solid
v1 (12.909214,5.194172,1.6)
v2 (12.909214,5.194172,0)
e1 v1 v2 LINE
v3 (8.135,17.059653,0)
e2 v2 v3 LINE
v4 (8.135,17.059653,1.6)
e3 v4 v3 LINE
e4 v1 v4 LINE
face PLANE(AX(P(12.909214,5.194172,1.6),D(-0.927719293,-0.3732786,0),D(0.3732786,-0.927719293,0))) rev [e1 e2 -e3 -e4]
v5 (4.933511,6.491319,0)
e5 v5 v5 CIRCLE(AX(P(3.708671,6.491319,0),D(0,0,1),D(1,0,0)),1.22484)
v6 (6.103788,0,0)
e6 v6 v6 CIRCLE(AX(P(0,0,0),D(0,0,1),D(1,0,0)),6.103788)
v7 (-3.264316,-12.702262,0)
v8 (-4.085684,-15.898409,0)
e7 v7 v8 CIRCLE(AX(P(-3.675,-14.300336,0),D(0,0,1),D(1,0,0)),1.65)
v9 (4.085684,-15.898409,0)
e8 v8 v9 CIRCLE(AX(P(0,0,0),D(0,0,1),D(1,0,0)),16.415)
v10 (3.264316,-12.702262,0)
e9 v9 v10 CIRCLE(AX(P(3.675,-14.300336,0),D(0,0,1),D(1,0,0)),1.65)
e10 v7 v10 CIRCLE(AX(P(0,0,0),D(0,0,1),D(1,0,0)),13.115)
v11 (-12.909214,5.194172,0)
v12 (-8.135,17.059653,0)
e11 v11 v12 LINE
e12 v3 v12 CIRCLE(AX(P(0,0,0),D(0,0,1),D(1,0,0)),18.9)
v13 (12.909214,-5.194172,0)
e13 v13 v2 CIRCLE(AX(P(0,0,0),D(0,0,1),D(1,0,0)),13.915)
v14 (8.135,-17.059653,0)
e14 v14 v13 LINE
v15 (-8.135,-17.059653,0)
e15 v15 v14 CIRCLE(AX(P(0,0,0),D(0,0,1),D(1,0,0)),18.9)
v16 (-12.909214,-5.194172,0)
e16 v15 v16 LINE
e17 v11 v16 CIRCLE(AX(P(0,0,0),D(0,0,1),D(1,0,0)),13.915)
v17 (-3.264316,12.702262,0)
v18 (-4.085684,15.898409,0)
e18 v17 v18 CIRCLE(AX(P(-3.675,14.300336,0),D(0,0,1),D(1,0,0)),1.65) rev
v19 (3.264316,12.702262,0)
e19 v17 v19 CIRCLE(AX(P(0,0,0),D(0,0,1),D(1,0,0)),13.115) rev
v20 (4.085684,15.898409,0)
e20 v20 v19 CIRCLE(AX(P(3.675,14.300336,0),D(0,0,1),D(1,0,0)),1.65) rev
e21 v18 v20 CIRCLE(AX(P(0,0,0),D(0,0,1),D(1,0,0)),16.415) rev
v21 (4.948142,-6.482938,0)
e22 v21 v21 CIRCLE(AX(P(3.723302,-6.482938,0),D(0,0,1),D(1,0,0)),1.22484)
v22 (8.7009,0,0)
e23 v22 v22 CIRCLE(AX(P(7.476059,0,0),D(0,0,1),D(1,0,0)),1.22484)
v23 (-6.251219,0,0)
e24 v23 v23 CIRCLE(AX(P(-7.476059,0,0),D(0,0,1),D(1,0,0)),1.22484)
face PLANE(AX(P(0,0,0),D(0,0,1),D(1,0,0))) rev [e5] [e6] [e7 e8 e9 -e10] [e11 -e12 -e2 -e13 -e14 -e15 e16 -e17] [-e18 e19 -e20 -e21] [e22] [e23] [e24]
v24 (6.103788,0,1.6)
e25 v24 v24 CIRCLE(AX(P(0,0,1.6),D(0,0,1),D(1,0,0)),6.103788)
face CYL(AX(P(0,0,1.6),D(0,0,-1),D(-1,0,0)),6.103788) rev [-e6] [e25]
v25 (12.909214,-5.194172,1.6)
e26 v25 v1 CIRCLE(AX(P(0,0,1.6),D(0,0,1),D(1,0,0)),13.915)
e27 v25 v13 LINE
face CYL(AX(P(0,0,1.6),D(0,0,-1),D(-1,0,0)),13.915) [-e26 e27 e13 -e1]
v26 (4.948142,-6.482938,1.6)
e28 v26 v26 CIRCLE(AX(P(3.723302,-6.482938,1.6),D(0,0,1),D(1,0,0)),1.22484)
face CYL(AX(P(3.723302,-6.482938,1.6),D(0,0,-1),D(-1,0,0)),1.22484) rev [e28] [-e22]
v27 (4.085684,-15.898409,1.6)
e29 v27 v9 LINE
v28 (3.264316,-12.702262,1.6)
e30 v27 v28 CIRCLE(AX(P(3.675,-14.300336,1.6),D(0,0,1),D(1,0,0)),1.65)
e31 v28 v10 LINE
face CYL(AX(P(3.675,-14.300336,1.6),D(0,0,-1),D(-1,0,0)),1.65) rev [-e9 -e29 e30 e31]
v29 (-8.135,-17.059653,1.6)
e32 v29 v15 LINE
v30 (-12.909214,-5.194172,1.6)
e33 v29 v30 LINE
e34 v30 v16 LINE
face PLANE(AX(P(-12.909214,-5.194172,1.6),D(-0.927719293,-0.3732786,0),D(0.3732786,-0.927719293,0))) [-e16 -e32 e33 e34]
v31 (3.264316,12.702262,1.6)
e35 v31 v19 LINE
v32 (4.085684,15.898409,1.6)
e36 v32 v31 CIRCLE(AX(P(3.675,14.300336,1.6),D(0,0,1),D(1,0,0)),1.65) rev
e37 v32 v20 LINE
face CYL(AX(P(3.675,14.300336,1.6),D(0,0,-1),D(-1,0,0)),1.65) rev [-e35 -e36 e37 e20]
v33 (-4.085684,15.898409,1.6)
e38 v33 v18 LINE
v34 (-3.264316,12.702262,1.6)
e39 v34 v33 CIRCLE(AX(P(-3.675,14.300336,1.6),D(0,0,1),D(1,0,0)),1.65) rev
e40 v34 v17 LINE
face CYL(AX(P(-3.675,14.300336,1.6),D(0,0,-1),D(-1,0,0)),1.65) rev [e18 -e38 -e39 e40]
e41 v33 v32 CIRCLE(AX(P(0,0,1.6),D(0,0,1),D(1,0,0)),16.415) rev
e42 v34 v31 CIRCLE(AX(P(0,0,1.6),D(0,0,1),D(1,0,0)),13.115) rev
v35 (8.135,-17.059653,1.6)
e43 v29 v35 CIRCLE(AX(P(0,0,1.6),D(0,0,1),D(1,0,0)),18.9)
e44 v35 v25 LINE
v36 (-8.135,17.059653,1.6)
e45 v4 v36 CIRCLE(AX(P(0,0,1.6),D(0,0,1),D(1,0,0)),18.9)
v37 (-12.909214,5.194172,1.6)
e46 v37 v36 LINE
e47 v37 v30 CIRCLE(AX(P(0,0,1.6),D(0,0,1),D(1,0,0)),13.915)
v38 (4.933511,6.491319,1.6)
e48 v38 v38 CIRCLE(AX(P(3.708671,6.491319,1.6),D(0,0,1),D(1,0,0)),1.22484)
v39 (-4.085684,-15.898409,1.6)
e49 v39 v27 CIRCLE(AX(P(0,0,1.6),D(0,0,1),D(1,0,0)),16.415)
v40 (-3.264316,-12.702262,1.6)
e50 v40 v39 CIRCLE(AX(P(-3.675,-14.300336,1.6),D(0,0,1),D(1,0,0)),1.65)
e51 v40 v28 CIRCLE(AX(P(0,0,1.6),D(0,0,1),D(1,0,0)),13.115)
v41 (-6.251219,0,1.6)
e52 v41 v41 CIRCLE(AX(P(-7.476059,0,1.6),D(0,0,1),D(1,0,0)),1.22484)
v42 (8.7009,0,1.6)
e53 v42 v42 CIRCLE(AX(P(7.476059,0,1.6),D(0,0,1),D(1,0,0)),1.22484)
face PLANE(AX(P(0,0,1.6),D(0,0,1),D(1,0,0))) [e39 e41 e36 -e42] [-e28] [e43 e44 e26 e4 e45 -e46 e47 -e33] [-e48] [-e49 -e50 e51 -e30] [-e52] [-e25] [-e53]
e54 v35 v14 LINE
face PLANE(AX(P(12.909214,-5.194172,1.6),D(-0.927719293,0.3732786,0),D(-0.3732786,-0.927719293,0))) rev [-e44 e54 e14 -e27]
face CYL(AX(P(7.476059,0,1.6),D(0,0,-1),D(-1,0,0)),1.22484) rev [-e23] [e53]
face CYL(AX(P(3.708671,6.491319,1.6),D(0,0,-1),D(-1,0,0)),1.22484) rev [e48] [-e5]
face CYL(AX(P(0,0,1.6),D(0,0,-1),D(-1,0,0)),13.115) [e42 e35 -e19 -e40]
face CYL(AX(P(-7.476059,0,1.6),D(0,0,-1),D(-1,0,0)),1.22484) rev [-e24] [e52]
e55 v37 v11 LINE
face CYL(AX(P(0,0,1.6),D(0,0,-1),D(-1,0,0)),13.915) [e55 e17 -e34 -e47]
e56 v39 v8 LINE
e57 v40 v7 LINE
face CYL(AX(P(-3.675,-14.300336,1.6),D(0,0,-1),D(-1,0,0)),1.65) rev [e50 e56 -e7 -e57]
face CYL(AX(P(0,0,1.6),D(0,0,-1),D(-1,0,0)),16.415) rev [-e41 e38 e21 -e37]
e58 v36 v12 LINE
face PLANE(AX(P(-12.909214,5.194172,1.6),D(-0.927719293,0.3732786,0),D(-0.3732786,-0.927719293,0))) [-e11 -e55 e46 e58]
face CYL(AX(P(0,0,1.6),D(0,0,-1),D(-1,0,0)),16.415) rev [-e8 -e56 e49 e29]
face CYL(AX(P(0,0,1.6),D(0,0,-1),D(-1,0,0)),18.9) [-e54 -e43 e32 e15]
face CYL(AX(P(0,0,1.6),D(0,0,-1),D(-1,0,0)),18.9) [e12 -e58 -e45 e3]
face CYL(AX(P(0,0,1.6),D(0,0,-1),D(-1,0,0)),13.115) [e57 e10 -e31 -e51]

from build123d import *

# Parameters (mm, degrees)
SKETCH2_R           = 1.224840395
BOSS_EXTRUDE1_DEPTH = 1.6


with BuildPart() as part:
    # Sketch2 → Boss-Extrude1 (new body)
    # profile 1 of 12: a face of its own
    with BuildSketch(Plane.XY):
        with BuildLine():
            ThreePointArc((-8.135, -17.059653426), (-4.170284778, -18.434172747), (0, -18.9))
            Line((0, -18.9), (0, -16.415))
            ThreePointArc((0, -16.415), (-2.059106624, -16.285340184), (-4.08568405, -15.898409066))
            ThreePointArc((-4.08568405, -15.898409066), (-5.118317114, -15.09992037), (-5.247629689, -13.801000241))
            ThreePointArc((-5.247629689, -13.801000241), (-8.401661187, -12.141553208), (-11.06618513, -9.774700592))
            Line((-11.06618513, -9.774700592), (-8.135, -17.059653426))
        make_face()
    # profile 2 of 12: a face of its own
    with BuildSketch(Plane.XY):
        with BuildLine():
            Line((0, -16.415), (0, -18.9))
            ThreePointArc((0, -18.9), (4.170284778, -18.434172747), (8.135, -17.059653426))
            Line((8.135, -17.059653426), (11.06618513, -9.774700592))
            ThreePointArc((11.06618513, -9.774700592), (8.401661187, -12.141553208), (5.247629689, -13.801000241))
            ThreePointArc((5.247629689, -13.801000241), (5.118317114, -15.09992037), (4.08568405, -15.898409066))
            ThreePointArc((4.08568405, -15.898409066), (2.059106624, -16.285340184), (0, -16.415))
        make_face()
    # profile 3 of 12: a face of its own
    with BuildSketch(Plane.XY):
        with BuildLine():
            ThreePointArc((5.247629689, -13.801000241), (8.401661187, -12.141553208), (11.06618513, -9.774700592))
            Line((11.06618513, -9.774700592), (12.90921384, -5.194172026))
            ThreePointArc((12.90921384, -5.194172026), (9.679242267, -9.996974249), (4.774656023, -13.070190697))
            ThreePointArc((4.774656023, -13.070190697), (5.060206981, -13.403841589), (5.247629689, -13.801000241))
        make_face()
    # profile 4 of 12: a face of its own
    with BuildSketch(Plane.XY):
        with BuildLine():
            Line((-12.909213852, -5.194171995), (-11.06618513, -9.774700592))
            ThreePointArc((-11.06618513, -9.774700592), (-8.401661187, -12.141553208), (-5.247629689, -13.801000241))
            ThreePointArc((-5.247629689, -13.801000241), (-5.060206981, -13.403841589), (-4.774656023, -13.070190697))
            ThreePointArc((-4.774656023, -13.070190697), (-9.679242279, -9.996974238), (-12.909213852, -5.194171995))
        make_face()
    # profile 5 of 12: a face of its own
    with BuildSketch(Plane.XY):
        with BuildLine():
            ThreePointArc((-12.909213987, 5.194171661), (-13.915, -1.8e-07), (-12.909213852, -5.194171995))
            ThreePointArc((-12.909213852, -5.194171995), (-9.679242279, -9.996974238), (-4.774656023, -13.070190697))
            ThreePointArc((-4.774656023, -13.070190697), (-4.065529678, -12.697217895), (-3.26431595, -12.702262254))
            ThreePointArc((-3.26431595, -12.702262254), (-1.64515281, -13.011406428), (0, -13.115))
            Line((0, -13.115), (0, -10.854127302))
            ThreePointArc((0, -10.854127302), (-10.854127302, 0), (0, 10.854127302))
            Line((0, 10.854127302), (0, 13.115))
            ThreePointArc((0, 13.115), (-1.64515281, 13.011406428), (-3.26431595, 12.702262254))
            ThreePointArc((-3.26431595, 12.702262254), (-4.065529678, 12.697217895), (-4.774656023, 13.070190697))
            ThreePointArc((-4.774656023, 13.070190697), (-9.679242408, 9.996974112), (-12.909213987, 5.194171661))
        make_face()
    # profile 6 of 12: a face of its own
    with BuildSketch(Plane.XY):
        with BuildLine():
            Line((-11.06618513, 9.774700592), (-12.909213987, 5.194171661))
            ThreePointArc((-12.909213987, 5.194171661), (-9.679242408, 9.996974112), (-4.774656023, 13.070190697))
            ThreePointArc((-4.774656023, 13.070190697), (-5.060206981, 13.403841589), (-5.247629689, 13.801000241))
            ThreePointArc((-5.247629689, 13.801000241), (-8.401661187, 12.141553208), (-11.06618513, 9.774700592))
        make_face()
    # profile 7 of 12: a face of its own
    with BuildSketch(Plane.XY):
        with BuildLine():
            Line((-8.135, 17.059653426), (-11.06618513, 9.774700592))
            ThreePointArc((-11.06618513, 9.774700592), (-8.401661187, 12.141553208), (-5.247629689, 13.801000241))
            ThreePointArc((-5.247629689, 13.801000241), (-5.118317114, 15.09992037), (-4.08568405, 15.898409066))
            ThreePointArc((-4.08568405, 15.898409066), (-2.059106624, 16.285340184), (0, 16.415))
            Line((0, 16.415), (0, 18.9))
            ThreePointArc((0, 18.9), (-4.170284778, 18.434172747), (-8.135, 17.059653426))
        make_face()
    # profile 8 of 12: a face of its own
    with BuildSketch(Plane.XY):
        with BuildLine():
            ThreePointArc((4.774656023, 13.070190697), (9.679242519, 9.996974005), (12.909214102, 5.194171376))
            Line((12.909214102, 5.194171376), (11.06618513, 9.774700592))
            ThreePointArc((11.06618513, 9.774700592), (8.401661187, 12.141553208), (5.247629689, 13.801000241))
            ThreePointArc((5.247629689, 13.801000241), (5.060206981, 13.403841589), (4.774656023, 13.070190697))
        make_face()
    # profile 9 of 12: a face of its own
    with BuildSketch(Plane.XY):
        with BuildLine():
            ThreePointArc((4.774656023, -13.070190697), (9.679242267, -9.996974249), (12.90921384, -5.194172026))
            ThreePointArc((12.90921384, -5.194172026), (13.661239614, -2.645327429), (13.915, 0))
            ThreePointArc((13.915, 0), (13.661239681, 2.645327085), (12.909214102, 5.194171376))
            ThreePointArc((12.909214102, 5.194171376), (9.679242519, 9.996974005), (4.774656023, 13.070190697))
            ThreePointArc((4.774656023, 13.070190697), (4.065529678, 12.697217895), (3.26431595, 12.702262254))
            ThreePointArc((3.26431595, 12.702262254), (1.64515281, 13.011406428), (0, 13.115))
            Line((0, 13.115), (0, 10.854127302))
            ThreePointArc((0, 10.854127302), (7.675027019, 7.675027019), (10.854127302, 0))
            ThreePointArc((10.854127302, 0), (7.675027019, -7.675027019), (0, -10.854127302))
            Line((0, -10.854127302), (0, -13.115))
            ThreePointArc((0, -13.115), (1.64515281, -13.011406428), (3.26431595, -12.702262254))
            ThreePointArc((3.26431595, -12.702262254), (4.065529678, -12.697217895), (4.774656023, -13.070190697))
        make_face()
    # profile 10 of 12: a face of its own
    with BuildSketch(Plane.XY):
        with BuildLine():
            ThreePointArc((5.247629689, 13.801000241), (8.401661187, 12.141553208), (11.06618513, 9.774700592))
            Line((11.06618513, 9.774700592), (8.135, 17.059653426))
            ThreePointArc((8.135, 17.059653426), (4.170284778, 18.434172747), (0, 18.9))
            Line((0, 18.9), (0, 16.415))
            ThreePointArc((0, 16.415), (2.059106624, 16.285340184), (4.08568405, 15.898409066))
            ThreePointArc((4.08568405, 15.898409066), (5.118317114, 15.09992037), (5.247629689, 13.801000241))
        make_face()
    # profile 11 of 12: a face of its own
    with BuildSketch(Plane.XY):
        with BuildLine():
            ThreePointArc((0, 10.854127302), (-10.854127302, 0), (0, -10.854127302))
            Line((0, -10.854127302), (0, -6.103787969))
            ThreePointArc((0, -6.103787969), (-6.103787969, 0), (0, 6.103787969))
            Line((0, 6.103787969), (0, 10.854127302))
        make_face()
        with Locations((-7.476059495, 0)):
            Circle(SKETCH2_R, mode=Mode.SUBTRACT)
    # profile 12 of 12: a face of its own
    with BuildSketch(Plane.XY):
        with BuildLine():
            Line((0, -6.103787969), (0, -10.854127302))
            ThreePointArc((0, -10.854127302), (7.675027019, -7.675027019), (10.854127302, 0))
            ThreePointArc((10.854127302, 0), (7.675027019, 7.675027019), (0, 10.854127302))
            Line((0, 10.854127302), (0, 6.103787969))
            ThreePointArc((0, 6.103787969), (4.316029864, 4.316029864), (6.103787969, 0))
            ThreePointArc((6.103787969, 0), (4.316029864, -4.316029864), (0, -6.103787969))
        make_face()
        with Locations((3.72330191, -6.482938258)):
            Circle(SKETCH2_R, mode=Mode.SUBTRACT)
        with Locations((7.476059495, 0)):
            Circle(SKETCH2_R, mode=Mode.SUBTRACT)
        with Locations((3.708670732, 6.491319355)):
            Circle(SKETCH2_R, mode=Mode.SUBTRACT)
    extrude(amount=BOSS_EXTRUDE1_DEPTH)


solid = part.part
